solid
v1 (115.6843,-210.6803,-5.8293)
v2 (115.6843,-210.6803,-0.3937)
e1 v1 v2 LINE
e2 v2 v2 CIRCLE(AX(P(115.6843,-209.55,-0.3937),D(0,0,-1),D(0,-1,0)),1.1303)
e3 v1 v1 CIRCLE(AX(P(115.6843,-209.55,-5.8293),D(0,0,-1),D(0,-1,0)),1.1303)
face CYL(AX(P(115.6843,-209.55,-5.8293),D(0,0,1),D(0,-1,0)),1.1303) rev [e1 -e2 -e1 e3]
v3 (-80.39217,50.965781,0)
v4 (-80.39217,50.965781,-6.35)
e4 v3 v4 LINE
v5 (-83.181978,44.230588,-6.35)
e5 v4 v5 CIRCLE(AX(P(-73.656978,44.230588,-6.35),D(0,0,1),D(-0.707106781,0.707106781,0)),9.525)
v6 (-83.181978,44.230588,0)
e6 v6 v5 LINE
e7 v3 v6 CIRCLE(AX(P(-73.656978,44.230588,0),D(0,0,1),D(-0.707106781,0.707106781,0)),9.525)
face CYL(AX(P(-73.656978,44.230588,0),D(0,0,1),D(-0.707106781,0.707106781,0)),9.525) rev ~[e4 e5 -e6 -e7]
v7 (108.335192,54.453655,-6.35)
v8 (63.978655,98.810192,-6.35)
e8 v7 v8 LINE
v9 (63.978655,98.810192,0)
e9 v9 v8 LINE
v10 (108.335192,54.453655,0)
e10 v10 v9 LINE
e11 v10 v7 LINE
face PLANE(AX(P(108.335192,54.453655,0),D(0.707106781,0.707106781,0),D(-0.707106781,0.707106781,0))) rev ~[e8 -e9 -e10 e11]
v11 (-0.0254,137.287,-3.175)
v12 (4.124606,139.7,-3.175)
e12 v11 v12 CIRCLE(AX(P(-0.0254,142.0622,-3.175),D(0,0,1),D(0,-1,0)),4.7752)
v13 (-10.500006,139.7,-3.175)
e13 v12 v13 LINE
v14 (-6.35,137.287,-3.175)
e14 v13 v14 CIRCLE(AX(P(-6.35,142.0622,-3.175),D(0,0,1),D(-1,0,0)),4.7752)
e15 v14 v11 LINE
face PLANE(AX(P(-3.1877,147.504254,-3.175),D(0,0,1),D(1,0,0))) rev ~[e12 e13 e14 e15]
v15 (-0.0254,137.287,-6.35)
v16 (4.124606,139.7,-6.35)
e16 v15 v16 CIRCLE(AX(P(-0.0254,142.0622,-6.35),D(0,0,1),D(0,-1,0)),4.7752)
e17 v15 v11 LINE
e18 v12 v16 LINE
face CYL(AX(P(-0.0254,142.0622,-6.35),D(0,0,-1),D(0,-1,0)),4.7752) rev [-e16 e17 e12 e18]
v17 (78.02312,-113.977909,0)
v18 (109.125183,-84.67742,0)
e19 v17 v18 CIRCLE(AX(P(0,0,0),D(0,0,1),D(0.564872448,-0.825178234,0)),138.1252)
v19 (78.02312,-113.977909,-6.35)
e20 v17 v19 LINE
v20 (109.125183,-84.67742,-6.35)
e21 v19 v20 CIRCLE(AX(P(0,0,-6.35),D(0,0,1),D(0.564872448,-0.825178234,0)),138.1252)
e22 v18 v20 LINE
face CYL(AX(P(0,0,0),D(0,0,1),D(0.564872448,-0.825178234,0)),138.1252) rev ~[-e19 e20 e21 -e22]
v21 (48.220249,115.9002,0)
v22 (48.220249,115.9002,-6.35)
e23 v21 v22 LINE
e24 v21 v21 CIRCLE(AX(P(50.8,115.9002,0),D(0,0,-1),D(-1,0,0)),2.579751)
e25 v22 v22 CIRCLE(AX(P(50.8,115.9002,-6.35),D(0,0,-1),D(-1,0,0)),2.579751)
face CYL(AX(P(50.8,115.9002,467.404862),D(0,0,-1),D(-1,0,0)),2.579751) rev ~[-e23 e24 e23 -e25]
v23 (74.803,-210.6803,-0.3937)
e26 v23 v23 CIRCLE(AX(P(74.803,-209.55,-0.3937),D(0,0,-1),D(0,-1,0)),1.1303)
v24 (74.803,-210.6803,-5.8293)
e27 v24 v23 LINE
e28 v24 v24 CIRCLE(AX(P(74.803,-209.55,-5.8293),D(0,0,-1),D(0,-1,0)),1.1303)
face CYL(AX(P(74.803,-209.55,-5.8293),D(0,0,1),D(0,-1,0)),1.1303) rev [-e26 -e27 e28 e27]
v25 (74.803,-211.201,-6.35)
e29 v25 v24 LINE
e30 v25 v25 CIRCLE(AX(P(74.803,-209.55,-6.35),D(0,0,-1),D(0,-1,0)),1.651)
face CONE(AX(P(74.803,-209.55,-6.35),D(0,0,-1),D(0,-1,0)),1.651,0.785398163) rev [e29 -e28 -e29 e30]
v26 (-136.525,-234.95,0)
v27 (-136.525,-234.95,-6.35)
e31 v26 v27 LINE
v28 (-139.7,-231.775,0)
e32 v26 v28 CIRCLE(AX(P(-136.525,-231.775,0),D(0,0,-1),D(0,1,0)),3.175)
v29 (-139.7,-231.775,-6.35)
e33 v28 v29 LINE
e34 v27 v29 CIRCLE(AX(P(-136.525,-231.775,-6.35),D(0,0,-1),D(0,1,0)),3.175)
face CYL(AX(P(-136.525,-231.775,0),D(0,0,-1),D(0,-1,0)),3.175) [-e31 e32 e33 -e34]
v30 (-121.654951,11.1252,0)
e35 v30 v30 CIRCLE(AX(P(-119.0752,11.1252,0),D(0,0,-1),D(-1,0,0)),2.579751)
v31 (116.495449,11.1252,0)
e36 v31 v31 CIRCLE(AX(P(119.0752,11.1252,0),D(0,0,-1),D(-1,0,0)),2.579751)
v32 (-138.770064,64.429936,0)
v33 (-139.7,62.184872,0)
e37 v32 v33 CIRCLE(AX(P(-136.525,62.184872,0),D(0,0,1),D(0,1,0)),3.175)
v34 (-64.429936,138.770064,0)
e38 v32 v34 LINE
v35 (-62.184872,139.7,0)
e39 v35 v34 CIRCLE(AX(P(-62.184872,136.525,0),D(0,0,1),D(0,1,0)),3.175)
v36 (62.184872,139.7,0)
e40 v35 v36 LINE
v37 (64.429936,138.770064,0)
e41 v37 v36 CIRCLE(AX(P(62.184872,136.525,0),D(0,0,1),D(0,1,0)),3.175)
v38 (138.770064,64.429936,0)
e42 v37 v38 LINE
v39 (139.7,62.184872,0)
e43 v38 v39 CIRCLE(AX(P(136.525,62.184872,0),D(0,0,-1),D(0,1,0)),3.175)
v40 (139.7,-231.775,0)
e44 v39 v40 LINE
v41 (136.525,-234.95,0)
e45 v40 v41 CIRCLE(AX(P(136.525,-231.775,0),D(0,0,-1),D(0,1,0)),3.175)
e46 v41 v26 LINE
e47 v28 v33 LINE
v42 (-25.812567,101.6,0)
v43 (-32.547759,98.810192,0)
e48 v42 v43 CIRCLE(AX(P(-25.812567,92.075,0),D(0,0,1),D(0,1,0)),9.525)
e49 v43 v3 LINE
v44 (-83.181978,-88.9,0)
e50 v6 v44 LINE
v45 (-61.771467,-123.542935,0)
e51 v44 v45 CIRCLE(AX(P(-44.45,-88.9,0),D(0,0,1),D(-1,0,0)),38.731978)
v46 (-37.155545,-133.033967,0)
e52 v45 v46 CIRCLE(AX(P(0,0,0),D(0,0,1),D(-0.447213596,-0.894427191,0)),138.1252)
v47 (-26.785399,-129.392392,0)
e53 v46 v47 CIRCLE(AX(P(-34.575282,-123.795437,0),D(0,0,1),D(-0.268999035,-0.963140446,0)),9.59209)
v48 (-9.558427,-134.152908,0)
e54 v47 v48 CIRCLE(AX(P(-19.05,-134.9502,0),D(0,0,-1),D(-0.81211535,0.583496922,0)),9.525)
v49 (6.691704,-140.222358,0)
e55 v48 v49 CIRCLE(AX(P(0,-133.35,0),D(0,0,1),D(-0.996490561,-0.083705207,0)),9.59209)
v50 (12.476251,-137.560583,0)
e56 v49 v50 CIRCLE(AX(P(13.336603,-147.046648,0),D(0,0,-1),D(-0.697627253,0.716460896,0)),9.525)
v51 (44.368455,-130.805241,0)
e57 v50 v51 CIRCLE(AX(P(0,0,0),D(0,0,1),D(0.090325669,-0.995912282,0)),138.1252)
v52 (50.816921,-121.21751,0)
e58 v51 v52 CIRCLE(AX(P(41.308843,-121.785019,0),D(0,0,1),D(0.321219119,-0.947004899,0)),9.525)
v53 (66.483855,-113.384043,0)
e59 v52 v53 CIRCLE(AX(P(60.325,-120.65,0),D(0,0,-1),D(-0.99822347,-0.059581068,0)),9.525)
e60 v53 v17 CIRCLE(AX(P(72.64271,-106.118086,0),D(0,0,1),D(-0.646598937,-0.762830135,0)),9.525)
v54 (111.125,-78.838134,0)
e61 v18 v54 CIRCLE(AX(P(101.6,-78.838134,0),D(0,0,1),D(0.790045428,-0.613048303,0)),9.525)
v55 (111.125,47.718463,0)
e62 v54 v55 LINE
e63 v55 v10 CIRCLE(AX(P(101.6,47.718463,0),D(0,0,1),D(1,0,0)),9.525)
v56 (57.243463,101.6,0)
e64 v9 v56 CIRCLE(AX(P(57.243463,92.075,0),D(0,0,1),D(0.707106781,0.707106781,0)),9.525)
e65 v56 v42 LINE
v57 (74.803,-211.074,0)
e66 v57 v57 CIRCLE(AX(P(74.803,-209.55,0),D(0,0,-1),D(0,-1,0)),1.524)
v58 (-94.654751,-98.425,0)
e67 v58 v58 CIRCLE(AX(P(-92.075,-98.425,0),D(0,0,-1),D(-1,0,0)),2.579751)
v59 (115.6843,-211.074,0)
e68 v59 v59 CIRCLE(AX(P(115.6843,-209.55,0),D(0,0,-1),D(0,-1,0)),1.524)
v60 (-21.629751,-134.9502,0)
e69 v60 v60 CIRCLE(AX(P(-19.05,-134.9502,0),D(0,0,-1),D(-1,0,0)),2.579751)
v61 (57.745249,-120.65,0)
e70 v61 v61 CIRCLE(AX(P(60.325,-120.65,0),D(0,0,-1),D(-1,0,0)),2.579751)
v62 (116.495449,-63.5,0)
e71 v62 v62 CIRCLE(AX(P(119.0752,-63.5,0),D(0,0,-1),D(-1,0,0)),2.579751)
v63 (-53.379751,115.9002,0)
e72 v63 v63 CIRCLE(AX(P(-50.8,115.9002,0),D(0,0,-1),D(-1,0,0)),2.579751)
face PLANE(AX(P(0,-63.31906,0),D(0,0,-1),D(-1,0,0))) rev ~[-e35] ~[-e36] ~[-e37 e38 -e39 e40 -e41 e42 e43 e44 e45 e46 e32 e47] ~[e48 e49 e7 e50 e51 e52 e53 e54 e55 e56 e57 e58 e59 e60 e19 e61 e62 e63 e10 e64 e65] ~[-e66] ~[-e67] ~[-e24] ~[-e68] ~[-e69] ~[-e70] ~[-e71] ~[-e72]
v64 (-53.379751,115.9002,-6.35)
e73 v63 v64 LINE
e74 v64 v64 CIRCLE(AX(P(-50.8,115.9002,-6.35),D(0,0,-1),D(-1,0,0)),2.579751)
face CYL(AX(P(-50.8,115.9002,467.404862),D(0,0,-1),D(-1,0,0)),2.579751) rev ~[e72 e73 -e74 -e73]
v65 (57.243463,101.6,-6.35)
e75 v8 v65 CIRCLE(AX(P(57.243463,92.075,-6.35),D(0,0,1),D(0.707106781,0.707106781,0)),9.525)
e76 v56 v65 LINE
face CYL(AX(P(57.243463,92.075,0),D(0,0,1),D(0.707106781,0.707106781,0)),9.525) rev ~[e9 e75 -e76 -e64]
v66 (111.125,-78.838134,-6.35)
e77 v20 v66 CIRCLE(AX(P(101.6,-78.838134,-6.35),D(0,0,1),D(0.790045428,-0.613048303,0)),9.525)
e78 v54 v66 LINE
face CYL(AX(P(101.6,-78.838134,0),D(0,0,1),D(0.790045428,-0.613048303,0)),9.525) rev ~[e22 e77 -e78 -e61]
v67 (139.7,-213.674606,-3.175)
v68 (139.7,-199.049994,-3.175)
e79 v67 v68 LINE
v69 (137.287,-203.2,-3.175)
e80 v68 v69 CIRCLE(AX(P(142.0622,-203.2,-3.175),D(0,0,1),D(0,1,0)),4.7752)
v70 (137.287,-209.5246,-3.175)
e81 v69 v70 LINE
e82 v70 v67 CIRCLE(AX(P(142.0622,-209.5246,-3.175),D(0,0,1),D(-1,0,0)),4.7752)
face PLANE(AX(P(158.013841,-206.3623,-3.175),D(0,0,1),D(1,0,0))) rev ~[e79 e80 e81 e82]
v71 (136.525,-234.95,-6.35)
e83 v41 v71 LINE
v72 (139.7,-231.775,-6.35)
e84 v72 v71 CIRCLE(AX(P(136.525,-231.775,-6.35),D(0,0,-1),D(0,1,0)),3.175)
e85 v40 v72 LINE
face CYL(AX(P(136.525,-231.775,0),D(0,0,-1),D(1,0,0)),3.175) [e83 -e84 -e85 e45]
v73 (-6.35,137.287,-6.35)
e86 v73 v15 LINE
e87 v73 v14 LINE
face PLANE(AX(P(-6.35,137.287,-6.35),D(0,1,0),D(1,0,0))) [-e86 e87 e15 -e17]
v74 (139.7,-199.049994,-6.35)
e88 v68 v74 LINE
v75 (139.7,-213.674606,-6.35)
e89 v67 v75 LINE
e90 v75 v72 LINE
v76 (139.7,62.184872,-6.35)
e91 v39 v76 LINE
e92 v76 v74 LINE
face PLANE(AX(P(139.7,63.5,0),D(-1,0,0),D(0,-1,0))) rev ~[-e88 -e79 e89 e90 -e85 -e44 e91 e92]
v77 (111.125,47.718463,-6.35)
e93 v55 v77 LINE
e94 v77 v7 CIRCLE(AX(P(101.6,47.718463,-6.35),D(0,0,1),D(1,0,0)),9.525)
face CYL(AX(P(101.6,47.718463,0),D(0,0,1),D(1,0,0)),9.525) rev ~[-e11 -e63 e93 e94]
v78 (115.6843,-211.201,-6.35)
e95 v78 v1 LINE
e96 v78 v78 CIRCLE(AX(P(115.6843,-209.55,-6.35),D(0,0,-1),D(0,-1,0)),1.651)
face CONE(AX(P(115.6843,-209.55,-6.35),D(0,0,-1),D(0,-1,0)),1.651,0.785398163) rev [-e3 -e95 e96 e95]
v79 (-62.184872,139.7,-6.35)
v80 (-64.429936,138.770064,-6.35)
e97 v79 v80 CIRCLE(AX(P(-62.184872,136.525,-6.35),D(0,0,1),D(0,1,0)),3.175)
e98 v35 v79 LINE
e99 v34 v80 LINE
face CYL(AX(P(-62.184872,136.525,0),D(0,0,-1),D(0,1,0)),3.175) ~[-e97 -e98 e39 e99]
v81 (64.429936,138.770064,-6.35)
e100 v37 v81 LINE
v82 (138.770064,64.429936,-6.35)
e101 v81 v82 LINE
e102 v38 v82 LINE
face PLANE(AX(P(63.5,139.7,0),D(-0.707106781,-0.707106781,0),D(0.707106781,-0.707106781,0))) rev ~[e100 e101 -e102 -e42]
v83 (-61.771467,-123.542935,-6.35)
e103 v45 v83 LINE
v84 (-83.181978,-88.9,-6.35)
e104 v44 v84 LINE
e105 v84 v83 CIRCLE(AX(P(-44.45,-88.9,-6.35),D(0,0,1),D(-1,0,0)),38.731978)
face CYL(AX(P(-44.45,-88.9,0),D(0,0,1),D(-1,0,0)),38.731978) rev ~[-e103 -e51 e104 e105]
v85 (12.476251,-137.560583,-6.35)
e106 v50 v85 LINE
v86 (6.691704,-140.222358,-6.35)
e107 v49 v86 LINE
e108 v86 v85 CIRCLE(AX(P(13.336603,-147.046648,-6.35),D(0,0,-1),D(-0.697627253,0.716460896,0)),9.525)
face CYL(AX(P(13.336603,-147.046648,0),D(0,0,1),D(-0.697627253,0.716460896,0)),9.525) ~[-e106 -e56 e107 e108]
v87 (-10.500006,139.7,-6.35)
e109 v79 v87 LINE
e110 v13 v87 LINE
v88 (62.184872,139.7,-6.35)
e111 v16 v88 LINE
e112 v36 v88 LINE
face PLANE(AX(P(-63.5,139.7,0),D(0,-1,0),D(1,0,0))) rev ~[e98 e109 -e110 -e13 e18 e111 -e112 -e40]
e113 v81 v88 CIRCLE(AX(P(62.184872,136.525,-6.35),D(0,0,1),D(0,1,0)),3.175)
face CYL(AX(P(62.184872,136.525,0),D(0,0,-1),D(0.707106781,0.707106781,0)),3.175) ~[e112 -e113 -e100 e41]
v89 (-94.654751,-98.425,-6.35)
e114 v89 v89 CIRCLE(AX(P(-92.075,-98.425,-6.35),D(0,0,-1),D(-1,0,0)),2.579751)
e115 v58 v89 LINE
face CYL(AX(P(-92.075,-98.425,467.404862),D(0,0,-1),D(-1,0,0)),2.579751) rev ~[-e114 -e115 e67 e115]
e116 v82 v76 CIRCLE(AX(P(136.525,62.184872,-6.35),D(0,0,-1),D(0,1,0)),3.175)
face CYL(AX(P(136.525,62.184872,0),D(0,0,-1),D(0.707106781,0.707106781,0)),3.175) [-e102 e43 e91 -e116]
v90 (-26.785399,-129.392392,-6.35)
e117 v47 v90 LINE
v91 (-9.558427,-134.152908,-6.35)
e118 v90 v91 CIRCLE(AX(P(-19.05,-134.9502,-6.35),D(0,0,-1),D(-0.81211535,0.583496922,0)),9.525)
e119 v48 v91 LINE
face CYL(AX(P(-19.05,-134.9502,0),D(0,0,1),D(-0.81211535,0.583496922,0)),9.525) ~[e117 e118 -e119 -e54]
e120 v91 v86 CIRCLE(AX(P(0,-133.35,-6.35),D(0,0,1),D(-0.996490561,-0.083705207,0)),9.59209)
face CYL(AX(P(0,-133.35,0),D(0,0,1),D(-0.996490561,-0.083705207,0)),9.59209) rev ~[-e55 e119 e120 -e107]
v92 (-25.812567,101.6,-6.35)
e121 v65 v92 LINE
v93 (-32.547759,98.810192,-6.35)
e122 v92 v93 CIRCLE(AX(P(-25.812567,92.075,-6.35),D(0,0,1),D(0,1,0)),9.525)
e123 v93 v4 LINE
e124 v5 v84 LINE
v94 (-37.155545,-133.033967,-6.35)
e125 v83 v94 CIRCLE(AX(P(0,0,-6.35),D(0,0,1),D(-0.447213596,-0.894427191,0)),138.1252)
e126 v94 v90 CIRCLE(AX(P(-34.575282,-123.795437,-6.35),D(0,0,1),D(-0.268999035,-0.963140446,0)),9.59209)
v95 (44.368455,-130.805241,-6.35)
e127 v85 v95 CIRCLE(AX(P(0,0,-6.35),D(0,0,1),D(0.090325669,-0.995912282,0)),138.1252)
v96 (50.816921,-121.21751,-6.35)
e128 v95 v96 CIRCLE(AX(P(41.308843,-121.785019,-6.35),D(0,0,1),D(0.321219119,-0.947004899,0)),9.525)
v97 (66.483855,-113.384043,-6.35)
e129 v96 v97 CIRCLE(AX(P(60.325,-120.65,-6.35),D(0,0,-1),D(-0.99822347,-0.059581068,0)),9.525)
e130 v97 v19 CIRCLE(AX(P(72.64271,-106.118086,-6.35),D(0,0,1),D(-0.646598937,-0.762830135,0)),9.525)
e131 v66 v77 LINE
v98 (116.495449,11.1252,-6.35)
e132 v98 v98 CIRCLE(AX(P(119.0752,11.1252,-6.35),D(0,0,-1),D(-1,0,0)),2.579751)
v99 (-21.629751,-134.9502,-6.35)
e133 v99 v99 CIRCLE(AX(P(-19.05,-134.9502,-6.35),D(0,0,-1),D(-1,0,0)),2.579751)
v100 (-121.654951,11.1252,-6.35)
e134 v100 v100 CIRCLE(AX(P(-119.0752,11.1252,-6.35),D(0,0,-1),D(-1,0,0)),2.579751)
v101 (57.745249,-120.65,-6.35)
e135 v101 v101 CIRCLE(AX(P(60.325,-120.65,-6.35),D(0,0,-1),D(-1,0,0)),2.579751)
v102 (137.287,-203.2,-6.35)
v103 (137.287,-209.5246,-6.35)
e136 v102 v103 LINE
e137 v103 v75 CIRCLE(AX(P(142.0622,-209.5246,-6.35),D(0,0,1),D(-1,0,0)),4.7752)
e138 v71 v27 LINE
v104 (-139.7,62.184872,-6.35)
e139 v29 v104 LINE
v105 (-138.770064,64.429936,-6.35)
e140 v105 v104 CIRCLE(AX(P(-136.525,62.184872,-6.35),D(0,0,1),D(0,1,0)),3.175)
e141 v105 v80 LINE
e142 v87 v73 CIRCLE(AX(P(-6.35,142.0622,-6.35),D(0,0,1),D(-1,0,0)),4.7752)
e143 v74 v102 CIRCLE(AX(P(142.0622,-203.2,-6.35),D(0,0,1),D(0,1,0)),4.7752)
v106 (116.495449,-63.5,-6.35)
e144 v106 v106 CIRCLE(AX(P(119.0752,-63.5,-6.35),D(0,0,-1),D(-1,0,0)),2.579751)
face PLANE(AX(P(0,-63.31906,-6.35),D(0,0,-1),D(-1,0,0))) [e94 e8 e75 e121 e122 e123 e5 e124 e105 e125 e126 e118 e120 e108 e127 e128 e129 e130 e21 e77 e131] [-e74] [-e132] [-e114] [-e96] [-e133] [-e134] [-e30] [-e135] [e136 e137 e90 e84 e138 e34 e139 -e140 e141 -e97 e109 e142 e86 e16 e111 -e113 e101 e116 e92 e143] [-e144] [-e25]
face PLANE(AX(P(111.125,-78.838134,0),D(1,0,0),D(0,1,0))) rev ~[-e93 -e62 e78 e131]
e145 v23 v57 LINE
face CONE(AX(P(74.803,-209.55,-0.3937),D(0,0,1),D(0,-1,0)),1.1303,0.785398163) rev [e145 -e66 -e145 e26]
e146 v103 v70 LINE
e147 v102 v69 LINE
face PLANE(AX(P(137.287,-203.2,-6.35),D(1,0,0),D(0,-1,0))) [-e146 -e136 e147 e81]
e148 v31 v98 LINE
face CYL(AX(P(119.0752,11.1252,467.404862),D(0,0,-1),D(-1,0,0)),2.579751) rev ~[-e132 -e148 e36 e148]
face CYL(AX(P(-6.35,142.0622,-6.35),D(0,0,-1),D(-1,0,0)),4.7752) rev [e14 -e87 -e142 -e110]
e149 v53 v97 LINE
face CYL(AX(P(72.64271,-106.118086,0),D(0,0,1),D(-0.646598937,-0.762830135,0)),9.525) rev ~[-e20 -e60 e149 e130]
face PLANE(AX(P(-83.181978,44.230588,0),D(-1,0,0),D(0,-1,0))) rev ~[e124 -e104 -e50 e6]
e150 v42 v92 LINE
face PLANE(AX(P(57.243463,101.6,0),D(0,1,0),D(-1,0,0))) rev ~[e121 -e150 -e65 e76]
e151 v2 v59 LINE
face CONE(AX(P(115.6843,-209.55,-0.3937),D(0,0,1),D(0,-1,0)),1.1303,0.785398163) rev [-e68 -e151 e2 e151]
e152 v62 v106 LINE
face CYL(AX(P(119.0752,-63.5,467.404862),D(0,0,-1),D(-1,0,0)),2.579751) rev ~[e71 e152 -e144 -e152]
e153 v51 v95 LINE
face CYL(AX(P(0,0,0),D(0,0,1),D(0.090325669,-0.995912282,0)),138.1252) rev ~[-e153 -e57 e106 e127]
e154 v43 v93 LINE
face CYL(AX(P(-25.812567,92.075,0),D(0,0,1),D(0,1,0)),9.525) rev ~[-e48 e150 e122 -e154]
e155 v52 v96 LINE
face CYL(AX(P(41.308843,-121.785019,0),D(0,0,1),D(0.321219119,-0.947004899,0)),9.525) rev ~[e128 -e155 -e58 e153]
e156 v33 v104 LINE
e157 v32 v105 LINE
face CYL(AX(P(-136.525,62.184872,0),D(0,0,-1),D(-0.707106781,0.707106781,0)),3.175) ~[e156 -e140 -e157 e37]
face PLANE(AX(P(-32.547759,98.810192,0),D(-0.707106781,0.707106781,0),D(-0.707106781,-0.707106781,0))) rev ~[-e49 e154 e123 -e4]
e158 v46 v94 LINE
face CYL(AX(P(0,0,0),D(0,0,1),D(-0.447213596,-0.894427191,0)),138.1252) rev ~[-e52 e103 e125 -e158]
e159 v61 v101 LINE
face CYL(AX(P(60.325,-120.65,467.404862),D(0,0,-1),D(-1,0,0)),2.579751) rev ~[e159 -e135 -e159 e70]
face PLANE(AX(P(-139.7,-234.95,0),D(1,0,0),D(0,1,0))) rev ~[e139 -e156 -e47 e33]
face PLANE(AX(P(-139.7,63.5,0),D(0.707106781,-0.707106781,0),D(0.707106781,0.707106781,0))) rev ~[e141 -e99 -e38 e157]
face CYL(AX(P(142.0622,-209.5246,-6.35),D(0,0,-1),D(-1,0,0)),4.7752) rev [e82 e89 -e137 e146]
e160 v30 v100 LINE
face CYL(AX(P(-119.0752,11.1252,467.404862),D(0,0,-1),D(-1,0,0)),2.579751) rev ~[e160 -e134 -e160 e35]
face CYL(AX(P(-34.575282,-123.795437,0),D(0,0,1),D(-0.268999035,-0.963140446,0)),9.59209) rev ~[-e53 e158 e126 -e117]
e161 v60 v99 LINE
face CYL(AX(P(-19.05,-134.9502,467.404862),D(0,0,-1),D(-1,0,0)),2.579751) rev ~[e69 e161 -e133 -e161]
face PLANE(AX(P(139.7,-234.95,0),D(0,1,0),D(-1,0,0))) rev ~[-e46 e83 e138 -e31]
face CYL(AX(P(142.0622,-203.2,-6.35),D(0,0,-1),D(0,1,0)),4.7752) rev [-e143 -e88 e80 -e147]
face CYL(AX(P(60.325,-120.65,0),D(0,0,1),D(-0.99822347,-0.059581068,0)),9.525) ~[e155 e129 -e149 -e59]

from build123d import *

# Parameters (mm, degrees)
BOSS_EXTRUDE1_DEPTH              = 6.35
F_13_64_0_20313_DIAMETER_HOLE1_D = 5.159502
FILLET1_R                        = 3.175
CUT_EXTRUDE1_DEPTH               = 3.175
F_4_40_TAPPED_HOLE1_AT_2_COUNT   = 2
F_4_40_TAPPED_HOLE1_AT_2_PITCH   = 40.8813


with BuildPart() as part:
    # Sketch1 → Boss-Extrude1 (new body)
    with BuildSketch(Plane.XY):
        Polygon((63.5, 139.7), (139.7, 63.5), (139.7, -234.95), (-139.7, -234.95), (-139.7, 63.5), (-63.5, 139.7), align=None)
        with BuildLine():
            Line((-32.547758941, 98.810192091), (-80.392170491, 50.965780541))
            ThreePointArc((-80.392170491, 50.965780541), (-82.456930947, 47.875648143), (-83.1819784, 44.23058845))
            Line((-83.1819784, 44.23058845), (-83.1819784, -88.9))
            ThreePointArc((-83.1819784, -88.9), (-77.397388735, -109.262606079), (-61.771467321, -123.542934642))
            ThreePointArc((-61.771467321, -123.542934642), (-49.690626762, -128.877509625), (-37.155545476, -133.033966773))
            ThreePointArc((-37.155545476, -133.033966773), (-31.397184902, -132.845734548), (-26.785398712, -129.39239182))
            ThreePointArc((-26.785398712, -129.39239182), (-16.51294166, -125.769298085), (-9.558427406, -134.152907902))
            ThreePointArc((-9.558427406, -134.152907902), (-3.356200416, -142.335772885), (6.691703581, -140.222357584))
            ThreePointArc((6.691703581, -140.222357584), (9.354962656, -138.393777353), (12.476251165, -137.560583133))
            ThreePointArc((12.476251165, -137.560583133), (28.622348201, -135.127095945), (44.368454999, -130.805241011))
            ThreePointArc((44.368454999, -130.805241011), (49.212504081, -127.100822664), (50.816921447, -121.217509676))
            ThreePointArc((50.816921447, -121.217509676), (56.065290503, -112.130581006), (66.483854873, -113.384042964))
            ThreePointArc((66.483854873, -113.384042964), (72.153155683, -115.630496863), (78.02311981, -113.977908606))
            ThreePointArc((78.02311981, -113.977908606), (94.714050954, -100.537651788), (109.125182698, -84.677419518))
            ThreePointArc((109.125182698, -84.677419518), (110.611187219, -81.924253334), (111.125, -78.838134428))
            Line((111.125, -78.838134428), (111.125, 47.718463274))
            ThreePointArc((111.125, 47.718463274), (110.399952547, 51.363522967), (108.335192091, 54.453655364))
            Line((108.335192091, 54.453655364), (63.978655364, 98.810192091))
            ThreePointArc((63.978655364, 98.810192091), (60.888522967, 100.874952547), (57.243463274, 101.6))
            Line((57.243463274, 101.6), (-25.81256685, 101.6))
            ThreePointArc((-25.81256685, 101.6), (-29.457626543, 100.874952547), (-32.547758941, 98.810192091))
        make_face(mode=Mode.SUBTRACT)
    extrude(amount=-BOSS_EXTRUDE1_DEPTH)

    # 13/64 (0.20313) Diameter Hole1 (through all)
    with Locations(Plane(origin=(-107.95, -107.95, 0), x_dir=(1, 0, 0), z_dir=(0, 0, 1))):
        with Locations((158.75, 223.8502), (57.15, 223.8502), (227.0252, 119.0752), (-11.1252, 119.0752), (227.0252, 44.45), (168.275, -12.7), (88.9, -27.0002), (15.875, 9.525)):
            Hole(F_13_64_0_20313_DIAMETER_HOLE1_D / 2)

    # Fillet1
    fillet1_edges = [part.edges().sort_by_distance(p)[0] for p in [
        (139.7, -234.95, -3.175),
        (-139.7, -234.95, -3.175),
        (-139.7, 63.5, -3.175),
        (-63.5, 139.7, -3.175),
        (63.5, 139.7, -3.175),
        (139.7, 63.5, -3.175),
    ]]
    fillet(fillet1_edges, radius=FILLET1_R)

    # Sketch11 → Cut-Extrude1 (cut)
    with BuildSketch(Plane(origin=(0, 0, -6.35), x_dir=(-1, 0, 0), z_dir=(0, 0, -1))):
        with BuildLine():
            Line((-177.07961661, -198.4248), (-142.0622, -198.4248))
            ThreePointArc((-142.0622, -198.4248), (-138.685623698, -199.823423698), (-137.287, -203.2))
            Line((-137.287, -203.2), (-137.287, -209.5246))
            ThreePointArc((-137.287, -209.5246), (-138.685623698, -212.901176302), (-142.0622, -214.2998))
            Line((-142.0622, -214.2998), (-177.07961661, -214.2998))
            Line((-177.07961661, -214.2998), (-177.07961661, -198.4248))
        make_face()
        with BuildLine():
            Line((-4.7498, 156.359665344), (11.1252, 156.359665344))
            Line((11.1252, 156.359665344), (11.1252, 142.0622))
            ThreePointArc((11.1252, 142.0622), (9.726576302, 138.685623698), (6.35, 137.287))
            Line((6.35, 137.287), (0.0254, 137.287))
            ThreePointArc((0.0254, 137.287), (-3.351176302, 138.685623698), (-4.7498, 142.0622))
            Line((-4.7498, 142.0622), (-4.7498, 156.359665344))
        make_face()
    extrude(amount=-CUT_EXTRUDE1_DEPTH, mode=Mode.SUBTRACT)

    # Sketch14 → #4-40 Tapped Hole1 (revolve, cut)
    with BuildSketch(Plane(origin=(115.6843, -209.55, 0), x_dir=(0, -1, 0), z_dir=(1, 0, 0))):
        Polygon((0, 0), (0, 6.35), (1.651, 6.35), (1.1303, 5.8293), (1.1303, 0.3937), (1.524, 0), align=None)
    f_4_40_tapped_hole1 = revolve(axis=Axis((115.6843, -209.55, 6.35), (0, 0, -1)), mode=Mode.SUBTRACT)

    # #4-40 Tapped Hole1 at 2: #4-40 Tapped Hole1 ×2
    with Locations(*[(-i * F_4_40_TAPPED_HOLE1_AT_2_PITCH, 0, 0) for i in range(1, F_4_40_TAPPED_HOLE1_AT_2_COUNT)]):
        add(f_4_40_tapped_hole1, mode=Mode.SUBTRACT)


solid = part.part
